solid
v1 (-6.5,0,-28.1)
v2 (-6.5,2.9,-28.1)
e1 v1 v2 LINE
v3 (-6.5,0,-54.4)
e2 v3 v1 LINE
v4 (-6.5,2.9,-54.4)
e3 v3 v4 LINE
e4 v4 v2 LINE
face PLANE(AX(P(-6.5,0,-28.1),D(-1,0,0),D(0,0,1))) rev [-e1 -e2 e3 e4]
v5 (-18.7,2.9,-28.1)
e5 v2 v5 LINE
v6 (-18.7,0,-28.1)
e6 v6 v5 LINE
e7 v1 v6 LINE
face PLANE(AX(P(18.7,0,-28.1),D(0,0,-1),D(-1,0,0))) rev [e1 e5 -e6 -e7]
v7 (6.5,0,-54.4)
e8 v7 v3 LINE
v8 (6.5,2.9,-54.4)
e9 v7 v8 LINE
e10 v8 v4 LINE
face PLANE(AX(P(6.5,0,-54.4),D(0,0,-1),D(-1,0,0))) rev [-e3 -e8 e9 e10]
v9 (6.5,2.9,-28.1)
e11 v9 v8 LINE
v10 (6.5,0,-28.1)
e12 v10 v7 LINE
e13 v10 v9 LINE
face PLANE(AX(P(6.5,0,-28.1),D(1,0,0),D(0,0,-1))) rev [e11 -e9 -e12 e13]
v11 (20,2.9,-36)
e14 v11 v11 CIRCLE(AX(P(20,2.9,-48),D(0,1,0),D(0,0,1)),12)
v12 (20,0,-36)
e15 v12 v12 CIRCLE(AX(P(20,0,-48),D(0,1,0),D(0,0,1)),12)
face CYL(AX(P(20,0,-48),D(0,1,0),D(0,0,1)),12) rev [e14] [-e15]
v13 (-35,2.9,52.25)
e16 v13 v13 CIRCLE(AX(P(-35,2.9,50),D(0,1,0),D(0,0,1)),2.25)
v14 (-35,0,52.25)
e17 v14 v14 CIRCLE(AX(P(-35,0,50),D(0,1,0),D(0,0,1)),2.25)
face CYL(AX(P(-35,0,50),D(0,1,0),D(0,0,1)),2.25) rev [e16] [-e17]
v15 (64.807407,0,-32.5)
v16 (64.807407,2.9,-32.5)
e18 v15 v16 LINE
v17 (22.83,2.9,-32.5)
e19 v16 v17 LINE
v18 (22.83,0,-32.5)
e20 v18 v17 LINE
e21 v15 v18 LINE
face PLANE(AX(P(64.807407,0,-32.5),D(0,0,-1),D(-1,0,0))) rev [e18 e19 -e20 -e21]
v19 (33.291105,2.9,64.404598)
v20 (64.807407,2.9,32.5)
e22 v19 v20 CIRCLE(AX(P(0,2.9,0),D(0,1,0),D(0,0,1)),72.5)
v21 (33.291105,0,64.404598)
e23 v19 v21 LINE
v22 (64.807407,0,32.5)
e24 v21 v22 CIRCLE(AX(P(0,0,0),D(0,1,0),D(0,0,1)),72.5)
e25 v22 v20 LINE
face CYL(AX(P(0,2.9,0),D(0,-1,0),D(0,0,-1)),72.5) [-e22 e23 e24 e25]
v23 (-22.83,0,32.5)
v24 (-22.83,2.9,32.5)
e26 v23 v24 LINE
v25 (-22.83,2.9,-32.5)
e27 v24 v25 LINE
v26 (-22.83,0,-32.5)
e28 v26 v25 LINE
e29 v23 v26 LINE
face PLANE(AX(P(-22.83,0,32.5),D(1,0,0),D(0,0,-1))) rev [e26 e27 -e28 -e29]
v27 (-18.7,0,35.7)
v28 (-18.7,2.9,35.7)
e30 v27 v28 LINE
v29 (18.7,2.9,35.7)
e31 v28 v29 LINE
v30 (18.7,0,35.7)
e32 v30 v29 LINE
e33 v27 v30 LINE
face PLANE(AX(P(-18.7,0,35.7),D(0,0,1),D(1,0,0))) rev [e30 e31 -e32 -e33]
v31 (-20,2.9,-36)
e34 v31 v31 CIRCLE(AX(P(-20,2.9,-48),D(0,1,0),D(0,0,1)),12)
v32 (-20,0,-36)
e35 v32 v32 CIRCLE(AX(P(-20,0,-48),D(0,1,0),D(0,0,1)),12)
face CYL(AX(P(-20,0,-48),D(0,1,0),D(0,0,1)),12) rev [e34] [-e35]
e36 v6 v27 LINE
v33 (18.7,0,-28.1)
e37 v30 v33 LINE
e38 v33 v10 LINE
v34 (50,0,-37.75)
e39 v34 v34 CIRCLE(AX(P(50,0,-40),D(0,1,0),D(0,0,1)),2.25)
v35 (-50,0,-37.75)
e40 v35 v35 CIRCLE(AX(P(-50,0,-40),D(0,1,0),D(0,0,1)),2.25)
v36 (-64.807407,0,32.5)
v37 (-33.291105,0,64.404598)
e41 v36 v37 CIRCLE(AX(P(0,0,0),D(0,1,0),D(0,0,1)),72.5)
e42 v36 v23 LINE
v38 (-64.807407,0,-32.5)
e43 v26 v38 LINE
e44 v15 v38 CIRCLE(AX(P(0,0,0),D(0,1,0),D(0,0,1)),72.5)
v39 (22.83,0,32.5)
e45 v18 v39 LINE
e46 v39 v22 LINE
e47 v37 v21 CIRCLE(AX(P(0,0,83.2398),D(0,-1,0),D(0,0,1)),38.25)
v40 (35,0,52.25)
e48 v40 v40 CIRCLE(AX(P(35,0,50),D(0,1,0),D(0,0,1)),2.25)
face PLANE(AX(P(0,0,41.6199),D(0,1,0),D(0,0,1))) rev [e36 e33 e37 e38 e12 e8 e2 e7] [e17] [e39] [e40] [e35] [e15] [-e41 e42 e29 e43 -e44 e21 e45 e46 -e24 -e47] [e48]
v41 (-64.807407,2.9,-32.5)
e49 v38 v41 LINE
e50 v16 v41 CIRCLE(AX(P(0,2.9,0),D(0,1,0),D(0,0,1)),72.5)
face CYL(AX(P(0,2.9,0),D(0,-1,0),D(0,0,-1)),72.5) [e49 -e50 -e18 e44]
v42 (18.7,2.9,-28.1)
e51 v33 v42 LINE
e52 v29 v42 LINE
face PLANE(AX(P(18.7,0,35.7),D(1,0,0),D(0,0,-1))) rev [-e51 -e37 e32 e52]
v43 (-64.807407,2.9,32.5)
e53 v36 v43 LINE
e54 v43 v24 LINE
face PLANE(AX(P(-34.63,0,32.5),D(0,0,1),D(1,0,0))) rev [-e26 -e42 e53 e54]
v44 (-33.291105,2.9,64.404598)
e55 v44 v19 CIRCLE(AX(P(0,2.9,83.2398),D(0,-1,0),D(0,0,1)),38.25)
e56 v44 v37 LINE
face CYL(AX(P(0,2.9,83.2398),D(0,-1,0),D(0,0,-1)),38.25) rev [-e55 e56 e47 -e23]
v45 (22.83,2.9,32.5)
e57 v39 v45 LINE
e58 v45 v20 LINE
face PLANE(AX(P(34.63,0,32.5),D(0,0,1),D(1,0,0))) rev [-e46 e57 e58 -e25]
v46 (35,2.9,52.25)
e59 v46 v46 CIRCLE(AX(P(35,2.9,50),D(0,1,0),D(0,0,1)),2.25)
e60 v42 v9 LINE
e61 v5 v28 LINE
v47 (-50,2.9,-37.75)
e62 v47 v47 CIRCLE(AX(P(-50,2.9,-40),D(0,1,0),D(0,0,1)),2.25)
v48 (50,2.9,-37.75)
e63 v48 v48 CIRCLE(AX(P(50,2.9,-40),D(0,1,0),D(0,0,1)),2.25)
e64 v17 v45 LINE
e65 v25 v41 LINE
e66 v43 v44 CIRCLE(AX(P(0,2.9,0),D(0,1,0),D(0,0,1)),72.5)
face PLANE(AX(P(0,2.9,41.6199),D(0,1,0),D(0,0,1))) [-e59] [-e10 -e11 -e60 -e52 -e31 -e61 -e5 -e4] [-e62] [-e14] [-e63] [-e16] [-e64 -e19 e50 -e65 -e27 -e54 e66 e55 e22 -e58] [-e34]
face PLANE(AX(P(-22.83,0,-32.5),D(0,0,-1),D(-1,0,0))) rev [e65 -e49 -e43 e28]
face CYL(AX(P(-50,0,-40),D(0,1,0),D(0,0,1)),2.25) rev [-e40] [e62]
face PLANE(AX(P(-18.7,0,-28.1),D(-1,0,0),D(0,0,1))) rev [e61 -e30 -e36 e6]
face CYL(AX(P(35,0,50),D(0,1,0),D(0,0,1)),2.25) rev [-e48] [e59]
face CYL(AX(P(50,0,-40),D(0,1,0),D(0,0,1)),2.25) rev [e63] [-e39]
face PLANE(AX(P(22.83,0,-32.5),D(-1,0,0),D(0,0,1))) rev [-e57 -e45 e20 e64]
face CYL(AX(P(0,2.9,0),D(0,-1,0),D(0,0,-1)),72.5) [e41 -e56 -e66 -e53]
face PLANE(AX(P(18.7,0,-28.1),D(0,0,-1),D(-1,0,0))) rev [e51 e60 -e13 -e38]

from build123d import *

# Parameters (mm, degrees)
BOSS_EXTRUDE1_DEPTH  = 2.9
SOLENOID_PLACEMENT_W = 37.4
SOLENOID_PLACEMENT_H = 63.8
CUT_EXTRUDE1_DEPTH   = 103.571487266
CUT_EXTRUDE3_DEPTH   = 103.571487266
SKETCH4_W            = 13
SKETCH4_H            = 26.3
CUT_EXTRUDE4_DEPTH   = 98.286484159
SKETCH5_R            = 12
CUT_EXTRUDE5_DEPTH   = 98.286484159
SKETCH6_R            = 2.25
CUT_EXTRUDE6_DEPTH   = 98.286484159


with BuildPart() as part:
    # Sketch1 → Boss-Extrude1 (new body)
    with BuildSketch(Plane(origin=(0, 0, 0), x_dir=(1, 0, 0), z_dir=(0, 1, 0))):
        with BuildLine():
            ThreePointArc((33.29110537, -64.404598464), (0, 72.5), (-33.29110537, -64.404598464))
            ThreePointArc((-33.29110537, -64.404598464), (0, -44.989799638), (33.29110537, -64.404598464))
        make_face()
    extrude(amount=BOSS_EXTRUDE1_DEPTH)

    # solenoid placement → Cut-Extrude1 (cut, through all)
    with BuildSketch(Plane(origin=(0, 2.9, 0), x_dir=(1, 0, 0), z_dir=(0, 1, 0))):
        with Locations((0, -3.8)):
            Rectangle(SOLENOID_PLACEMENT_W, SOLENOID_PLACEMENT_H)
    extrude(amount=-CUT_EXTRUDE1_DEPTH, mode=Mode.SUBTRACT)

    # Sketch3 → Cut-Extrude3 (cut, through all)
    with BuildSketch(Plane(origin=(0, 2.9, 0), x_dir=(1, 0, 0), z_dir=(0, 1, 0))):
        with BuildLine():
            Line((-34.63, -32.5), (-22.83, -32.5))
            Line((-22.83, -32.5), (-22.83, 32.5))
            Line((-22.83, 32.5), (-64.807406984, 32.5))
            ThreePointArc((-64.807406984, 32.5), (-72.5, 0), (-64.807406984, -32.5))
            Line((-64.807406984, -32.5), (-34.63, -32.5))
        make_face()
        with BuildLine():
            Line((34.63, -32.5), (64.807406984, -32.5))
            ThreePointArc((64.807406984, -32.5), (72.5, 0), (64.807406984, 32.5))
            Line((64.807406984, 32.5), (22.83, 32.5))
            Line((22.83, 32.5), (22.83, -32.5))
            Line((22.83, -32.5), (34.63, -32.5))
        make_face()
    extrude(amount=-CUT_EXTRUDE3_DEPTH, mode=Mode.SUBTRACT)

    # Sketch4 → Cut-Extrude4 (cut, through all)
    with BuildSketch(Plane(origin=(0, 2.9, 0), x_dir=(1, 0, 0), z_dir=(0, 1, 0))):
        with Locations((0, 41.25)):
            Rectangle(SKETCH4_W, SKETCH4_H)
    extrude(amount=-CUT_EXTRUDE4_DEPTH, mode=Mode.SUBTRACT)

    # Sketch5 → Cut-Extrude5 (cut, through all)
    with BuildSketch(Plane(origin=(0, 2.9, 0), x_dir=(1, 0, 0), z_dir=(0, 1, 0))):
        with Locations(Location((-20, 48, 0), (0, 0, 270))):
            Circle(SKETCH5_R)
        with Locations(Location((20, 48, 0), (0, 0, 270))):
            Circle(SKETCH5_R)
    extrude(amount=-CUT_EXTRUDE5_DEPTH, mode=Mode.SUBTRACT)

    # Sketch6 → Cut-Extrude6 (cut, through all)
    with BuildSketch(Plane(origin=(0, 2.9, 0), x_dir=(1, 0, 0), z_dir=(0, 1, 0))):
        with Locations(Location((35, -50, 0), (0, 0, 270))):
            Circle(SKETCH6_R)
        with Locations(Location((-35, -50, 0), (0, 0, 270))):
            Circle(SKETCH6_R)
        with Locations(Location((-50, 40, 0), (0, 0, 270))):
            Circle(SKETCH6_R)
        with Locations(Location((50, 40, 0), (0, 0, 270))):
            Circle(SKETCH6_R)
    extrude(amount=-CUT_EXTRUDE6_DEPTH, mode=Mode.SUBTRACT)


solid = part.part
